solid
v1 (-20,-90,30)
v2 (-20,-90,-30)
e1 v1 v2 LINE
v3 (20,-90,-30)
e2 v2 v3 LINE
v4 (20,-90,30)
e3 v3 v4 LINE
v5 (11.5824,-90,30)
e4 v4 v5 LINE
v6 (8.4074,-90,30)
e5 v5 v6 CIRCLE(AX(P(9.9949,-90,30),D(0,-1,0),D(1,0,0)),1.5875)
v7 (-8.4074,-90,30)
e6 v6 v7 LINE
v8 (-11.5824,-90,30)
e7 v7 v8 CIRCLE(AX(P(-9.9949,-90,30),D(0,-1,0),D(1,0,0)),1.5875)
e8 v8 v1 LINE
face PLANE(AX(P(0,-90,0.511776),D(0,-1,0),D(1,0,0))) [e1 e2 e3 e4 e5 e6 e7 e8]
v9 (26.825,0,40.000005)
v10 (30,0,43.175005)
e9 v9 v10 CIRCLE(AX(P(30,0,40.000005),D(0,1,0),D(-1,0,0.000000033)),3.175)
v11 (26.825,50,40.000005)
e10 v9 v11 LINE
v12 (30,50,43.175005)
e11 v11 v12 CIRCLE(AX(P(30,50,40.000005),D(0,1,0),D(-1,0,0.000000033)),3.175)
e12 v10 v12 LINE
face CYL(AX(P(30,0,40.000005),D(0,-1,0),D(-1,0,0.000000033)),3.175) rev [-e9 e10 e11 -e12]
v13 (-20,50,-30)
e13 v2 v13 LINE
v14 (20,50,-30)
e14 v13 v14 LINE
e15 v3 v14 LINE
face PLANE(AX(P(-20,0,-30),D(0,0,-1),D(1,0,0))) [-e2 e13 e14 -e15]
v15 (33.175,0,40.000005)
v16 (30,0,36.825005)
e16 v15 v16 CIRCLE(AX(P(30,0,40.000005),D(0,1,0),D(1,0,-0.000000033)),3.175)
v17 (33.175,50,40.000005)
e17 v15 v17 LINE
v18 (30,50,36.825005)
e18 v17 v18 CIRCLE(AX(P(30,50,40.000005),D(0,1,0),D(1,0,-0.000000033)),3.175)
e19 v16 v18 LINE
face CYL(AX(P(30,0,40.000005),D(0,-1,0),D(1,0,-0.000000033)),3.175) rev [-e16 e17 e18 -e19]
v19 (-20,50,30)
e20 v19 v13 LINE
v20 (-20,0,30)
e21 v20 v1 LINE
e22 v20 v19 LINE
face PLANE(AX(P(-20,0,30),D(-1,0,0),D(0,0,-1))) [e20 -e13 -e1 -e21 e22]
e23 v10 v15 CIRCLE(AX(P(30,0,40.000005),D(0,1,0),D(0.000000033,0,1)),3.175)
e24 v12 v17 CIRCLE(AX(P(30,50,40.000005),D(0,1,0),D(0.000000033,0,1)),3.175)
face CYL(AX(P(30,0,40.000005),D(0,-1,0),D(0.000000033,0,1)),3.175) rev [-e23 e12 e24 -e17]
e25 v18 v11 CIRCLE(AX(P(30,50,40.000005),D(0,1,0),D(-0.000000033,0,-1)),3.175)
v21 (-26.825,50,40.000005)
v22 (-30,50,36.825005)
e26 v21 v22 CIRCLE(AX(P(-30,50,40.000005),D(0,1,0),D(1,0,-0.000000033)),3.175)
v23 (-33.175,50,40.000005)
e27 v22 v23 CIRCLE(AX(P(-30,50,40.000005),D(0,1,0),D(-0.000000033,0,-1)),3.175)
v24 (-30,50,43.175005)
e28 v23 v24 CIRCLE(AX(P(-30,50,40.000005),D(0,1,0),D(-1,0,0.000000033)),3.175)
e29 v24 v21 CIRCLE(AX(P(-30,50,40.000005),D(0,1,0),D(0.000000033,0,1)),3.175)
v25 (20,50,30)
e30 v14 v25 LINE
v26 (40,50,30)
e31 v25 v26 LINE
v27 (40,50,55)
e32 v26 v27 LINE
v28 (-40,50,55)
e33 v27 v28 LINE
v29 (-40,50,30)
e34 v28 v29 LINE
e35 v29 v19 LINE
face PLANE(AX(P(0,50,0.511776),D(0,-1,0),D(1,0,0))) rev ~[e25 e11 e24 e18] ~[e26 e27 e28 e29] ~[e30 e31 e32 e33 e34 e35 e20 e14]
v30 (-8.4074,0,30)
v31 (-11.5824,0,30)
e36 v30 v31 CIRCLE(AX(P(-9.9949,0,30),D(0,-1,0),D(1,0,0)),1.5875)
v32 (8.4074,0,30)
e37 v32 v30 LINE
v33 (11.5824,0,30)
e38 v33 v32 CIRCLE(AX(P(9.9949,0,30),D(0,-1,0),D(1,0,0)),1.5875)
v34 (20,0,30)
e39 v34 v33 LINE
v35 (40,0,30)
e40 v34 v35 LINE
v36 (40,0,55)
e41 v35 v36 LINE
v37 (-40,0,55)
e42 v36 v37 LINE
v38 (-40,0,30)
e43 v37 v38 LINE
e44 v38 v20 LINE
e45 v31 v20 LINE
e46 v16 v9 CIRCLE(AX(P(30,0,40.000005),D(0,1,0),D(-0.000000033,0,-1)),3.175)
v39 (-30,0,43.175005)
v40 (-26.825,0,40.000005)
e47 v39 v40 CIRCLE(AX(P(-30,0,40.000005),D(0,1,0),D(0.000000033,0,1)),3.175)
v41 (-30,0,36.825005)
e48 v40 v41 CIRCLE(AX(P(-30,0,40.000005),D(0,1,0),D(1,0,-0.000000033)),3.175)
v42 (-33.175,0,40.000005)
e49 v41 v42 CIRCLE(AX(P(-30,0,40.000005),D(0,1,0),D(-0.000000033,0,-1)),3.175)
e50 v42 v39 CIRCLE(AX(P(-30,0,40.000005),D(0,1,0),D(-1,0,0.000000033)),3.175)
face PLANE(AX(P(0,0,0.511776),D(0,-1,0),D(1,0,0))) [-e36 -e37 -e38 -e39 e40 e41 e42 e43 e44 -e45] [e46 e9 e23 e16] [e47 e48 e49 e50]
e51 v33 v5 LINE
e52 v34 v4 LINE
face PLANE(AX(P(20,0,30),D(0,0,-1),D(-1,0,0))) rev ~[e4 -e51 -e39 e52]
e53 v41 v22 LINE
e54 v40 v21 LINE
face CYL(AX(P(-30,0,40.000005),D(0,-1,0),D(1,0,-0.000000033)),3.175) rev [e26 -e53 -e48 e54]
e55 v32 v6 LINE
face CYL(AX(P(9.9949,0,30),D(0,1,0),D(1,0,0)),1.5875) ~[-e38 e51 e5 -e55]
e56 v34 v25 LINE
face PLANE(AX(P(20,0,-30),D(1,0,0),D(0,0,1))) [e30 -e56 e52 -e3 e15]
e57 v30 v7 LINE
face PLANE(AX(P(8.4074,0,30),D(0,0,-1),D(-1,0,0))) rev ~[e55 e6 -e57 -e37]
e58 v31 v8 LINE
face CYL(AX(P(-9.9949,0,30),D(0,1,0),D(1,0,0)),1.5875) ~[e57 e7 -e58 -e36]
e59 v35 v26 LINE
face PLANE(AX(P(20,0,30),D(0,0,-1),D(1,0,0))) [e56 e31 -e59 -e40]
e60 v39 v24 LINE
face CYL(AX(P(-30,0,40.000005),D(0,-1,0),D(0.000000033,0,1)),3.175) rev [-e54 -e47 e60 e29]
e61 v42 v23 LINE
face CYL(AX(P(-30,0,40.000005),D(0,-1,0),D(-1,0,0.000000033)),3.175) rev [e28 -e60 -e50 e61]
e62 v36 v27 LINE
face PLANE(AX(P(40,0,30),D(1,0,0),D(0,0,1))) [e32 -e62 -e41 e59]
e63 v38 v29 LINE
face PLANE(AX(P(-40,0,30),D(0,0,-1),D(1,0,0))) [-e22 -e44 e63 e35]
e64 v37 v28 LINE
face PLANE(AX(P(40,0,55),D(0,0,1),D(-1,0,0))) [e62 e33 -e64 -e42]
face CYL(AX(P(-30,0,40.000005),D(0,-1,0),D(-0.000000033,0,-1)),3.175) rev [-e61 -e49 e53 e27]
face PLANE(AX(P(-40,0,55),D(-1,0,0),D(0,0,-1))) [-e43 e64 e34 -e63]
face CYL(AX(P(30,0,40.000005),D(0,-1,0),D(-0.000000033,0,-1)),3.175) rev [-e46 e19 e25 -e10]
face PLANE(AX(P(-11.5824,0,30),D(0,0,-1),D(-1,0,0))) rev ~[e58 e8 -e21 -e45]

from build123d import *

# Parameters (mm, degrees)
F1_DEPTH = 90
F2_DEPTH = 50


with BuildPart() as f1:
    # F0 (on Front) → F1 (new body)
    with BuildSketch(Plane.XZ):
        with BuildLine():
            Line((20, -30), (20, 30))
            Line((20, 30), (11.5824, 30))
            ThreePointArc((11.5824, 30), (9.9949, 31.5875), (8.4074, 30))
            Line((8.4074, 30), (0, 30))
            Line((0, 30), (-8.4074, 30))
            ThreePointArc((-8.4074, 30), (-9.9949, 31.5875), (-11.5824, 30))
            Line((-11.5824, 30), (-20, 30))
            Line((-20, 30), (-20, -30))
            Line((-20, -30), (20, -30))
        make_face()
    extrude(amount=F1_DEPTH)

    # F0 (on Front) → F2 (join)
    with BuildSketch(Plane.XZ):
        with BuildLine():
            Line((20, -30), (20, 30))
            Line((20, 30), (11.5824, 30))
            ThreePointArc((11.5824, 30), (9.9949, 31.5875), (8.4074, 30))
            Line((8.4074, 30), (0, 30))
            Line((0, 30), (-8.4074, 30))
            ThreePointArc((-8.4074, 30), (-9.9949, 31.5875), (-11.5824, 30))
            Line((-11.5824, 30), (-20, 30))
            Line((-20, 30), (-20, -30))
            Line((-20, -30), (20, -30))
        make_face()
        with BuildLine():
            Line((11.5824, 30), (20, 30))
            Line((20, 30), (20, 40.000005))
            Line((20, 40.000005), (20, 55))
            Line((20, 55), (0, 55))
            Line((0, 55), (0, 30))
            Line((0, 30), (8.4074, 30))
            ThreePointArc((8.4074, 30), (9.9949, 31.5875), (11.5824, 30))
        make_face()
        with BuildLine():
            Line((20, 40.000005), (20, 30))
            Line((20, 30), (30, 30))
            Line((30, 30), (30, 36.825005))
            ThreePointArc((30, 36.825005), (27.754936, 37.754941), (26.825, 40.000005))
            Line((26.825, 40.000005), (20, 40.000005))
        make_face()
        with BuildLine():
            Line((20, 55), (20, 40.000005))
            Line((20, 40.000005), (26.825, 40.000005))
            ThreePointArc((26.825, 40.000005), (27.754936, 42.245069), (30, 43.175005))
            Line((30, 43.175005), (30, 55))
            Line((30, 55), (20, 55))
        make_face()
        with BuildLine():
            Line((30, 36.825005), (30, 30))
            Line((30, 30), (40, 30))
            Line((40, 30), (40, 40.000005))
            Line((40, 40.000005), (33.175, 40.000005))
            ThreePointArc((33.175, 40.000005), (32.245064, 37.754941), (30, 36.825005))
        make_face()
        with BuildLine():
            Line((-8.4074, 30), (0, 30))
            Line((0, 30), (0, 55))
            Line((0, 55), (-20, 55))
            Line((-20, 55), (-20, 40.000005))
            Line((-20, 40.000005), (-20, 30))
            Line((-20, 30), (-11.5824, 30))
            ThreePointArc((-11.5824, 30), (-9.9949, 31.5875), (-8.4074, 30))
        make_face()
        with BuildLine():
            Line((-30, 30), (-20, 30))
            Line((-20, 30), (-20, 40.000005))
            Line((-20, 40.000005), (-26.825, 40.000005))
            ThreePointArc((-26.825, 40.000005), (-27.754936, 37.754941), (-30, 36.825005))
            Line((-30, 36.825005), (-30, 30))
        make_face()
        with BuildLine():
            Line((40, 55), (30, 55))
            Line((30, 55), (30, 43.175005))
            ThreePointArc((30, 43.175005), (32.245064, 42.245069), (33.175, 40.000005))
            Line((33.175, 40.000005), (40, 40.000005))
            Line((40, 40.000005), (40, 55))
        make_face()
        with BuildLine():
            Line((-26.825, 40.000005), (-20, 40.000005))
            Line((-20, 40.000005), (-20, 55))
            Line((-20, 55), (-30, 55))
            Line((-30, 55), (-30, 43.175005))
            ThreePointArc((-30, 43.175005), (-27.754936, 42.245069), (-26.825, 40.000005))
        make_face()
        with BuildLine():
            Line((-40, 30), (-30, 30))
            Line((-30, 30), (-30, 36.825005))
            ThreePointArc((-30, 36.825005), (-32.245064, 37.754941), (-33.175, 40.000005))
            Line((-33.175, 40.000005), (-40, 40.000005))
            Line((-40, 40.000005), (-40, 30))
        make_face()
        with BuildLine():
            Line((-30, 43.175005), (-30, 55))
            Line((-30, 55), (-40, 55))
            Line((-40, 55), (-40, 40.000005))
            Line((-40, 40.000005), (-33.175, 40.000005))
            ThreePointArc((-33.175, 40.000005), (-32.245064, 42.245069), (-30, 43.175005))
        make_face()
    extrude(amount=-F2_DEPTH)


solid = f1.part
